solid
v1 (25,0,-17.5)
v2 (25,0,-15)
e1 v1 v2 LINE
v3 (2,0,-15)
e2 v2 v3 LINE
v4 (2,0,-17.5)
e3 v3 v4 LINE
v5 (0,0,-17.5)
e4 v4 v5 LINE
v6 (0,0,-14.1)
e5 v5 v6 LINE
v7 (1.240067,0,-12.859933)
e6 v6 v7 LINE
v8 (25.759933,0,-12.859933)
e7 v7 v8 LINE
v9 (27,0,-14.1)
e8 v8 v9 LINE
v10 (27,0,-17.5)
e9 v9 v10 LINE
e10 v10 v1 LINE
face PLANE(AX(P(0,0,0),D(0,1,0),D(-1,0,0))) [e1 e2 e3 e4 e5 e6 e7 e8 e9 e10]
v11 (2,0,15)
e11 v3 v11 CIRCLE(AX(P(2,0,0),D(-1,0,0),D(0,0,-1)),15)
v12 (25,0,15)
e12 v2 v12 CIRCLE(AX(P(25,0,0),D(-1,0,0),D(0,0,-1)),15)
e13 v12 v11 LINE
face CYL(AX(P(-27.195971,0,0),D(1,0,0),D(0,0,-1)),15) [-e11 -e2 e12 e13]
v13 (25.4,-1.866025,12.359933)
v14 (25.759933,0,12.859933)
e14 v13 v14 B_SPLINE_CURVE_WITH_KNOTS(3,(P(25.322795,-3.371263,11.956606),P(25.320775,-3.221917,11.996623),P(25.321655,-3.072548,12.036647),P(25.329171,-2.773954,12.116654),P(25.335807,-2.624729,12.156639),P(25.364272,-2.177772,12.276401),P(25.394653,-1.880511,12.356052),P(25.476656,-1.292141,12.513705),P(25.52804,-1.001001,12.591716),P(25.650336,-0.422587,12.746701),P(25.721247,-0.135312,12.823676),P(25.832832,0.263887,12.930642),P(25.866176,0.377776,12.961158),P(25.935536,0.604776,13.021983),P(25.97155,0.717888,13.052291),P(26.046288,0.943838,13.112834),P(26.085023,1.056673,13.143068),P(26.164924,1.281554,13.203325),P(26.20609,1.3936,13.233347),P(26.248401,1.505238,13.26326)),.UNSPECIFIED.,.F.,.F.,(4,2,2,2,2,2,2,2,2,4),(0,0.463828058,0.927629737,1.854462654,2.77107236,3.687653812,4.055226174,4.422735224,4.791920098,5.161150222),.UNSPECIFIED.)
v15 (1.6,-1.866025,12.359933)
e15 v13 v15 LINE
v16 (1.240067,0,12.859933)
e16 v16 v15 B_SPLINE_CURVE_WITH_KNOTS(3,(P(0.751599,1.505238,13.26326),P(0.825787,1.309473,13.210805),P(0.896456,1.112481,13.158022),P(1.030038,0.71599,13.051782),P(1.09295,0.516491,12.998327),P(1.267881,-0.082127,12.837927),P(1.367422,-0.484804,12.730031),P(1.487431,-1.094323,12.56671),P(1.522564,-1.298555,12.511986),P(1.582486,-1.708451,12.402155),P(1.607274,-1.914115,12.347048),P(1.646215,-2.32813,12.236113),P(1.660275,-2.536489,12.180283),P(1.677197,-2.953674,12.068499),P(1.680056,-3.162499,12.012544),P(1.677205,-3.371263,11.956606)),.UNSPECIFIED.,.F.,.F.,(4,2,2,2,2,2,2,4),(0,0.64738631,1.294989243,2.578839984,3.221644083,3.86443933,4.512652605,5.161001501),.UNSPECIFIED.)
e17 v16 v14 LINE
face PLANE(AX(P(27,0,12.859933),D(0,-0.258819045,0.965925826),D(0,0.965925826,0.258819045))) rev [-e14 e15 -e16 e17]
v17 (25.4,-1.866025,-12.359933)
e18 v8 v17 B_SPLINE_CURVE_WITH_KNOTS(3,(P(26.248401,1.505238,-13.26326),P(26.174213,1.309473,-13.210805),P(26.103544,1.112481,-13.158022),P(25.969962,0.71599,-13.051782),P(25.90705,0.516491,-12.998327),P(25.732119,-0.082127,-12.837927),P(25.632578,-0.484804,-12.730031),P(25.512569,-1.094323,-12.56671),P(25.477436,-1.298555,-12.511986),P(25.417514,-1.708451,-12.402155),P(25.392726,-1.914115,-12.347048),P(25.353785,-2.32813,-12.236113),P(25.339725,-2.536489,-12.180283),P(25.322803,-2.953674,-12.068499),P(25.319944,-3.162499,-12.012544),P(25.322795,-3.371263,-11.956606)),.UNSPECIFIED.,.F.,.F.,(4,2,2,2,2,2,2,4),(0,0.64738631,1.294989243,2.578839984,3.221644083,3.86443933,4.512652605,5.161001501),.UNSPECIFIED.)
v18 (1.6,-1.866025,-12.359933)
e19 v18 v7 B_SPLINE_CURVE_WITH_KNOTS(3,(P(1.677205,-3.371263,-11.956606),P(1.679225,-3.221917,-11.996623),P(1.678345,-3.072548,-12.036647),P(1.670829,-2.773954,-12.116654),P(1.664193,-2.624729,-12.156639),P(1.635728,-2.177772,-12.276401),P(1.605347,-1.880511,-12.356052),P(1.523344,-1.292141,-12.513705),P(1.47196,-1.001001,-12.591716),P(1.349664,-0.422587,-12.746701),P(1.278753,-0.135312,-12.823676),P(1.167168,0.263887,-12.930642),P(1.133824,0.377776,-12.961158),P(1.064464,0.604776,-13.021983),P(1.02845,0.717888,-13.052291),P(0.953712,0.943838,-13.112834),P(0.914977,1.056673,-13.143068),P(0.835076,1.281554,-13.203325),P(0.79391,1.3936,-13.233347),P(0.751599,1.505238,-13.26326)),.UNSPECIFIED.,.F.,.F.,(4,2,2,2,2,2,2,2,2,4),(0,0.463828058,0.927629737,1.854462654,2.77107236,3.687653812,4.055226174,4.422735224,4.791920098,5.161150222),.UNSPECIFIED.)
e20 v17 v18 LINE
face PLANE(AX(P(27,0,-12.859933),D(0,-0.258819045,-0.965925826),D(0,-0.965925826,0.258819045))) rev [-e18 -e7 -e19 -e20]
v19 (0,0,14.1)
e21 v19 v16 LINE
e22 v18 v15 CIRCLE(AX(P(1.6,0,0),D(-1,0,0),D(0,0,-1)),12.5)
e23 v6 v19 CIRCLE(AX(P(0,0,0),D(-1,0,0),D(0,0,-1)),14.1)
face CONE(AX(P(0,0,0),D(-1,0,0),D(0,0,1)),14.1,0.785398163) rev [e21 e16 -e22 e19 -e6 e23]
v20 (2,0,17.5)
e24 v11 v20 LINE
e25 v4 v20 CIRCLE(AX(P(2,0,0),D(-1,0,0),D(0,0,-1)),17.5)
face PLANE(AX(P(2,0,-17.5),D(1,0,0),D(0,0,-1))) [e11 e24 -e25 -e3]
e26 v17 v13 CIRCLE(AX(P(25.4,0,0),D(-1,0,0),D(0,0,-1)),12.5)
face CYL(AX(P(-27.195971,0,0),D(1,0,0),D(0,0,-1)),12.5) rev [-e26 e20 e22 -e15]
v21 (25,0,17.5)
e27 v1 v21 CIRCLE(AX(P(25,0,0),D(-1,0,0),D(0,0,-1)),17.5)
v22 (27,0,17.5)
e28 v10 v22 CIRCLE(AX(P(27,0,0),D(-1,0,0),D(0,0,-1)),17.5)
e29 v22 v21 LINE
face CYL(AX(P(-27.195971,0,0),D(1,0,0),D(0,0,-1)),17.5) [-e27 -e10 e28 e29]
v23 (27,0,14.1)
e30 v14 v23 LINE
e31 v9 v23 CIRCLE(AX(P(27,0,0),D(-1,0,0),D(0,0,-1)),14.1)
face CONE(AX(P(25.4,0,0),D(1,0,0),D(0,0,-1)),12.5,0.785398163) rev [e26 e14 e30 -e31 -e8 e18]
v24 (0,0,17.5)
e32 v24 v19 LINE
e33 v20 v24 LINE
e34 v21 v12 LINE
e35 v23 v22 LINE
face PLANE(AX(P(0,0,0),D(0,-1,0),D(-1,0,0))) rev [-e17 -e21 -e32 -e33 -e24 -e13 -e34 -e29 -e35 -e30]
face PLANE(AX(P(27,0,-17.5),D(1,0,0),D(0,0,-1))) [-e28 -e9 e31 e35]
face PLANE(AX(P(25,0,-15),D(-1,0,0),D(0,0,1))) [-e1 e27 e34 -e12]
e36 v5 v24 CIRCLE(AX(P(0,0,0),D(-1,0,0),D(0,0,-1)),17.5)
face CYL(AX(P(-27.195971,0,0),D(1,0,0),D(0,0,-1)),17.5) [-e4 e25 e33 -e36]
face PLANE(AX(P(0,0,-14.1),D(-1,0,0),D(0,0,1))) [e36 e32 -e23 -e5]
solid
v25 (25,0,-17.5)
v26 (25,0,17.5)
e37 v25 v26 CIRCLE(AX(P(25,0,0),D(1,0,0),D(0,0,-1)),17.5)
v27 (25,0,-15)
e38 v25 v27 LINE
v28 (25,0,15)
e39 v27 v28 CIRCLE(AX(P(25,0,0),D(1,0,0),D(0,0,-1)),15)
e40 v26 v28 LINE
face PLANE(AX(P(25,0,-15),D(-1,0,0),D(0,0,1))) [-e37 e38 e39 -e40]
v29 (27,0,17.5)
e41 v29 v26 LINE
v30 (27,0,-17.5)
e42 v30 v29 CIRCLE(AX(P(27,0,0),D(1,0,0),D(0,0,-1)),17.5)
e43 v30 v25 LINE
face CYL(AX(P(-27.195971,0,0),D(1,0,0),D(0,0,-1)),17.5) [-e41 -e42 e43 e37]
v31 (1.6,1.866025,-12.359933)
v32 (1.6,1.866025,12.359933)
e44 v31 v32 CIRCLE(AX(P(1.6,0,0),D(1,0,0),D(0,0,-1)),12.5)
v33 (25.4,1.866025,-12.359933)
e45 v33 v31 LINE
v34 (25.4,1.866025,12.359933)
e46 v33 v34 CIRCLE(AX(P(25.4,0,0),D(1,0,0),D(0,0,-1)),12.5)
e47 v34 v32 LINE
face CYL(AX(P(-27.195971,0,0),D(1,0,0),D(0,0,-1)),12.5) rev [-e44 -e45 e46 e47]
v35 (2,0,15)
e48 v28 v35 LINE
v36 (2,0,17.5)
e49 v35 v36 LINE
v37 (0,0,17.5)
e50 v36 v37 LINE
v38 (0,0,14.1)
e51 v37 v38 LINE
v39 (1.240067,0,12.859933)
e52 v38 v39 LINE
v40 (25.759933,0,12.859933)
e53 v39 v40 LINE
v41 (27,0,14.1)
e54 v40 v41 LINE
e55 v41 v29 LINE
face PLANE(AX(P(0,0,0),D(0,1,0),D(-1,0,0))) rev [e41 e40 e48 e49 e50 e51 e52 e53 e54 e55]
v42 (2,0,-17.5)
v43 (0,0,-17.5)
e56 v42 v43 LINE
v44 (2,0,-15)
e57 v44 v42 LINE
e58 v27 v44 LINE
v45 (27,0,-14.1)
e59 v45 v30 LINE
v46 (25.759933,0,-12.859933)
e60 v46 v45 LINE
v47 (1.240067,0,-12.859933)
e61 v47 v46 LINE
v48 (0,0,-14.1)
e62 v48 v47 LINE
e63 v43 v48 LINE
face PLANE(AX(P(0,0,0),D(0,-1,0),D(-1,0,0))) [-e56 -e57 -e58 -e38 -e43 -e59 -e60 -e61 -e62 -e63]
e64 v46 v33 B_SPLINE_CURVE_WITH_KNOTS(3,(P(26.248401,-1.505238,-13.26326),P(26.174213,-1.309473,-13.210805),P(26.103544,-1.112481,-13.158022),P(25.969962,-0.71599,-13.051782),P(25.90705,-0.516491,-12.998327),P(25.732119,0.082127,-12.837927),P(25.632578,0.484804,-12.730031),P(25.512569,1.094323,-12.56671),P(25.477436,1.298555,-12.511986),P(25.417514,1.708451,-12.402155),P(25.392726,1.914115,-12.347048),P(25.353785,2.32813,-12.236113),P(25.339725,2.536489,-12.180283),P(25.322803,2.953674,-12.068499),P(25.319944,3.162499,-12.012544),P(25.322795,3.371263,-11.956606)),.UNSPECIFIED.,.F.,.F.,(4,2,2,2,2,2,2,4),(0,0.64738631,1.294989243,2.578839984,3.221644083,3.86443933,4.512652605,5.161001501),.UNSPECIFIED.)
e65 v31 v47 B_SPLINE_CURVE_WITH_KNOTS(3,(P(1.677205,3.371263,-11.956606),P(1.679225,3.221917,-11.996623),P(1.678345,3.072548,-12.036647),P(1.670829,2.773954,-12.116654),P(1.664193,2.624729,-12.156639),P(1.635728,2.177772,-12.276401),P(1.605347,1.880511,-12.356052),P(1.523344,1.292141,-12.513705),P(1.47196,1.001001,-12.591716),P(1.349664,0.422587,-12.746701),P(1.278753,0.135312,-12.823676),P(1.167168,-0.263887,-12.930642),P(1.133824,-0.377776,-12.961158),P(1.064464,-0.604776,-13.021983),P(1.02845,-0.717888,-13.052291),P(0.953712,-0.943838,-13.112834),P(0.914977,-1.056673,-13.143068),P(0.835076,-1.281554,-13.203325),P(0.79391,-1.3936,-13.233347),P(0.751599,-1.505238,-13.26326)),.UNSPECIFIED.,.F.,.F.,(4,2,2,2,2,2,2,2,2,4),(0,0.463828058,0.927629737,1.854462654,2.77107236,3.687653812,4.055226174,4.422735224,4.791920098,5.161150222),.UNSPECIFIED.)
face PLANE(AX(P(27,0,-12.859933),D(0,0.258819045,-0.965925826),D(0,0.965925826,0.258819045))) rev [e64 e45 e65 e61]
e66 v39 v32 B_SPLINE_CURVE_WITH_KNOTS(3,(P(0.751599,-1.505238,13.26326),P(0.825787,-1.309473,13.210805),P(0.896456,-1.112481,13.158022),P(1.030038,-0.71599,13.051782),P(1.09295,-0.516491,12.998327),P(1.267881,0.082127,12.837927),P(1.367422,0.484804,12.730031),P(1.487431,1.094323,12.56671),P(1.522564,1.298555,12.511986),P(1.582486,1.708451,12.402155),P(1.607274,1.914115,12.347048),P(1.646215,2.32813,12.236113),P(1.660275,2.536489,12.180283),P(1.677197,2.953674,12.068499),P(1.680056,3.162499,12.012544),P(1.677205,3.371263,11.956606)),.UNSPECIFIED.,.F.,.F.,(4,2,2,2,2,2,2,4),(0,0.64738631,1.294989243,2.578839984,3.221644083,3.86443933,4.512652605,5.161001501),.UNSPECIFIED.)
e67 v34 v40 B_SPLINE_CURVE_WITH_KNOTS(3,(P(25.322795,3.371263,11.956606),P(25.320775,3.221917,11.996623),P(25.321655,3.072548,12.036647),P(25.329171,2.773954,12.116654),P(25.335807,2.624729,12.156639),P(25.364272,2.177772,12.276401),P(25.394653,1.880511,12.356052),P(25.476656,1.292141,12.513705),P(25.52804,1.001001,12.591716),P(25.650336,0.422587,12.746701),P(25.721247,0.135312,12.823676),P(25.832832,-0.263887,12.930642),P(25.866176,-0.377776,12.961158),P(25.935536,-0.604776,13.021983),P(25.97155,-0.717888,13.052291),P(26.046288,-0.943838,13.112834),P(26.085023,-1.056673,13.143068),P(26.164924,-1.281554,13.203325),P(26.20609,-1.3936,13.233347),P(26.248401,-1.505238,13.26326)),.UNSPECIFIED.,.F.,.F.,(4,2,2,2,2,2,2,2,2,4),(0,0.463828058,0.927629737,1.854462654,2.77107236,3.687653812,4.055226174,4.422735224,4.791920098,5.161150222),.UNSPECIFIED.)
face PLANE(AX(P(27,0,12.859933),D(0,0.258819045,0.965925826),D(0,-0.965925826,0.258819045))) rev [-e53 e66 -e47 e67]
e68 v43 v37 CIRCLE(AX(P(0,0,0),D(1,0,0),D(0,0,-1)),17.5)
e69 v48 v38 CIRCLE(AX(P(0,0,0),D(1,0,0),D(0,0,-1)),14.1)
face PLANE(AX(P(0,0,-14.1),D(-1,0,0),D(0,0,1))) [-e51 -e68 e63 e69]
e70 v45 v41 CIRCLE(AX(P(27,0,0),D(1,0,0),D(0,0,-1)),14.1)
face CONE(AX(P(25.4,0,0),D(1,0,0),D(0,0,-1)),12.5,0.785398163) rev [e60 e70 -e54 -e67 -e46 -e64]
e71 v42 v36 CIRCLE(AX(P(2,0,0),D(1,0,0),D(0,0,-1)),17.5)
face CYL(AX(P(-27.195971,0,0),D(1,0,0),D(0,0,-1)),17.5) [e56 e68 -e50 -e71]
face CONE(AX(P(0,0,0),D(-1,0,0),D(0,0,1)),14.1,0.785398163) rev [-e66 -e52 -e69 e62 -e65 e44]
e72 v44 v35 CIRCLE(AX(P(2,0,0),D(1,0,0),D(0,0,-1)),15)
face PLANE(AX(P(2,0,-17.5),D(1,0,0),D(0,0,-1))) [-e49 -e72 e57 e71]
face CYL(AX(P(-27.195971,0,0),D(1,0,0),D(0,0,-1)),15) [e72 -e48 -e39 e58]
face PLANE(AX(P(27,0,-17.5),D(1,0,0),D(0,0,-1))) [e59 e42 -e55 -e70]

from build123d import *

# Parameters (mm, degrees)
REVOLVE_1_ANGLE     = 180
CUT_EXTRUDE_1_DEPTH = 37.626493144


with BuildPart() as part:
    # Эскиз1 → Повернуть1 (revolve, symmetric)
    with BuildSketch(Plane.XY) as revolve_1_sk:
        Polygon((0, 14.1), (0, 17.5), (2, 17.5), (2, 15), (25, 15), (25, 17.5), (27, 17.5), (27, 14.1), (25.4, 12.5), (1.6, 12.5), align=None)
    revolve(axis=Axis((-27.195971024, 0, 0), (1, 0, 0)), revolution_arc=REVOLVE_1_ANGLE / 2)
    revolve(revolve_1_sk.sketch, axis=Axis((-27.195971024, 0, 0), (-1, 0, 0)), revolution_arc=REVOLVE_1_ANGLE / 2)

    # Эскиз2 → Вырез-Вытянуть1 (cut, through all)
    with BuildSketch(Plane.ZY):
        Polygon((12.85993322, 0), (12.35993322, 1.866025404), (12.35993322, 0), align=None)
        Polygon((-12.85993322, 0), (-12.35993322, 1.866025404), (-12.35993322, 0), align=None)
    extrude(amount=-CUT_EXTRUDE_1_DEPTH, mode=Mode.SUBTRACT)


with BuildPart() as body_2:
    # Зеркальное отражение1: mirrored copy
    add(part.part.mirror(Plane.ZX))


solid = Compound([part.part, body_2.part])
